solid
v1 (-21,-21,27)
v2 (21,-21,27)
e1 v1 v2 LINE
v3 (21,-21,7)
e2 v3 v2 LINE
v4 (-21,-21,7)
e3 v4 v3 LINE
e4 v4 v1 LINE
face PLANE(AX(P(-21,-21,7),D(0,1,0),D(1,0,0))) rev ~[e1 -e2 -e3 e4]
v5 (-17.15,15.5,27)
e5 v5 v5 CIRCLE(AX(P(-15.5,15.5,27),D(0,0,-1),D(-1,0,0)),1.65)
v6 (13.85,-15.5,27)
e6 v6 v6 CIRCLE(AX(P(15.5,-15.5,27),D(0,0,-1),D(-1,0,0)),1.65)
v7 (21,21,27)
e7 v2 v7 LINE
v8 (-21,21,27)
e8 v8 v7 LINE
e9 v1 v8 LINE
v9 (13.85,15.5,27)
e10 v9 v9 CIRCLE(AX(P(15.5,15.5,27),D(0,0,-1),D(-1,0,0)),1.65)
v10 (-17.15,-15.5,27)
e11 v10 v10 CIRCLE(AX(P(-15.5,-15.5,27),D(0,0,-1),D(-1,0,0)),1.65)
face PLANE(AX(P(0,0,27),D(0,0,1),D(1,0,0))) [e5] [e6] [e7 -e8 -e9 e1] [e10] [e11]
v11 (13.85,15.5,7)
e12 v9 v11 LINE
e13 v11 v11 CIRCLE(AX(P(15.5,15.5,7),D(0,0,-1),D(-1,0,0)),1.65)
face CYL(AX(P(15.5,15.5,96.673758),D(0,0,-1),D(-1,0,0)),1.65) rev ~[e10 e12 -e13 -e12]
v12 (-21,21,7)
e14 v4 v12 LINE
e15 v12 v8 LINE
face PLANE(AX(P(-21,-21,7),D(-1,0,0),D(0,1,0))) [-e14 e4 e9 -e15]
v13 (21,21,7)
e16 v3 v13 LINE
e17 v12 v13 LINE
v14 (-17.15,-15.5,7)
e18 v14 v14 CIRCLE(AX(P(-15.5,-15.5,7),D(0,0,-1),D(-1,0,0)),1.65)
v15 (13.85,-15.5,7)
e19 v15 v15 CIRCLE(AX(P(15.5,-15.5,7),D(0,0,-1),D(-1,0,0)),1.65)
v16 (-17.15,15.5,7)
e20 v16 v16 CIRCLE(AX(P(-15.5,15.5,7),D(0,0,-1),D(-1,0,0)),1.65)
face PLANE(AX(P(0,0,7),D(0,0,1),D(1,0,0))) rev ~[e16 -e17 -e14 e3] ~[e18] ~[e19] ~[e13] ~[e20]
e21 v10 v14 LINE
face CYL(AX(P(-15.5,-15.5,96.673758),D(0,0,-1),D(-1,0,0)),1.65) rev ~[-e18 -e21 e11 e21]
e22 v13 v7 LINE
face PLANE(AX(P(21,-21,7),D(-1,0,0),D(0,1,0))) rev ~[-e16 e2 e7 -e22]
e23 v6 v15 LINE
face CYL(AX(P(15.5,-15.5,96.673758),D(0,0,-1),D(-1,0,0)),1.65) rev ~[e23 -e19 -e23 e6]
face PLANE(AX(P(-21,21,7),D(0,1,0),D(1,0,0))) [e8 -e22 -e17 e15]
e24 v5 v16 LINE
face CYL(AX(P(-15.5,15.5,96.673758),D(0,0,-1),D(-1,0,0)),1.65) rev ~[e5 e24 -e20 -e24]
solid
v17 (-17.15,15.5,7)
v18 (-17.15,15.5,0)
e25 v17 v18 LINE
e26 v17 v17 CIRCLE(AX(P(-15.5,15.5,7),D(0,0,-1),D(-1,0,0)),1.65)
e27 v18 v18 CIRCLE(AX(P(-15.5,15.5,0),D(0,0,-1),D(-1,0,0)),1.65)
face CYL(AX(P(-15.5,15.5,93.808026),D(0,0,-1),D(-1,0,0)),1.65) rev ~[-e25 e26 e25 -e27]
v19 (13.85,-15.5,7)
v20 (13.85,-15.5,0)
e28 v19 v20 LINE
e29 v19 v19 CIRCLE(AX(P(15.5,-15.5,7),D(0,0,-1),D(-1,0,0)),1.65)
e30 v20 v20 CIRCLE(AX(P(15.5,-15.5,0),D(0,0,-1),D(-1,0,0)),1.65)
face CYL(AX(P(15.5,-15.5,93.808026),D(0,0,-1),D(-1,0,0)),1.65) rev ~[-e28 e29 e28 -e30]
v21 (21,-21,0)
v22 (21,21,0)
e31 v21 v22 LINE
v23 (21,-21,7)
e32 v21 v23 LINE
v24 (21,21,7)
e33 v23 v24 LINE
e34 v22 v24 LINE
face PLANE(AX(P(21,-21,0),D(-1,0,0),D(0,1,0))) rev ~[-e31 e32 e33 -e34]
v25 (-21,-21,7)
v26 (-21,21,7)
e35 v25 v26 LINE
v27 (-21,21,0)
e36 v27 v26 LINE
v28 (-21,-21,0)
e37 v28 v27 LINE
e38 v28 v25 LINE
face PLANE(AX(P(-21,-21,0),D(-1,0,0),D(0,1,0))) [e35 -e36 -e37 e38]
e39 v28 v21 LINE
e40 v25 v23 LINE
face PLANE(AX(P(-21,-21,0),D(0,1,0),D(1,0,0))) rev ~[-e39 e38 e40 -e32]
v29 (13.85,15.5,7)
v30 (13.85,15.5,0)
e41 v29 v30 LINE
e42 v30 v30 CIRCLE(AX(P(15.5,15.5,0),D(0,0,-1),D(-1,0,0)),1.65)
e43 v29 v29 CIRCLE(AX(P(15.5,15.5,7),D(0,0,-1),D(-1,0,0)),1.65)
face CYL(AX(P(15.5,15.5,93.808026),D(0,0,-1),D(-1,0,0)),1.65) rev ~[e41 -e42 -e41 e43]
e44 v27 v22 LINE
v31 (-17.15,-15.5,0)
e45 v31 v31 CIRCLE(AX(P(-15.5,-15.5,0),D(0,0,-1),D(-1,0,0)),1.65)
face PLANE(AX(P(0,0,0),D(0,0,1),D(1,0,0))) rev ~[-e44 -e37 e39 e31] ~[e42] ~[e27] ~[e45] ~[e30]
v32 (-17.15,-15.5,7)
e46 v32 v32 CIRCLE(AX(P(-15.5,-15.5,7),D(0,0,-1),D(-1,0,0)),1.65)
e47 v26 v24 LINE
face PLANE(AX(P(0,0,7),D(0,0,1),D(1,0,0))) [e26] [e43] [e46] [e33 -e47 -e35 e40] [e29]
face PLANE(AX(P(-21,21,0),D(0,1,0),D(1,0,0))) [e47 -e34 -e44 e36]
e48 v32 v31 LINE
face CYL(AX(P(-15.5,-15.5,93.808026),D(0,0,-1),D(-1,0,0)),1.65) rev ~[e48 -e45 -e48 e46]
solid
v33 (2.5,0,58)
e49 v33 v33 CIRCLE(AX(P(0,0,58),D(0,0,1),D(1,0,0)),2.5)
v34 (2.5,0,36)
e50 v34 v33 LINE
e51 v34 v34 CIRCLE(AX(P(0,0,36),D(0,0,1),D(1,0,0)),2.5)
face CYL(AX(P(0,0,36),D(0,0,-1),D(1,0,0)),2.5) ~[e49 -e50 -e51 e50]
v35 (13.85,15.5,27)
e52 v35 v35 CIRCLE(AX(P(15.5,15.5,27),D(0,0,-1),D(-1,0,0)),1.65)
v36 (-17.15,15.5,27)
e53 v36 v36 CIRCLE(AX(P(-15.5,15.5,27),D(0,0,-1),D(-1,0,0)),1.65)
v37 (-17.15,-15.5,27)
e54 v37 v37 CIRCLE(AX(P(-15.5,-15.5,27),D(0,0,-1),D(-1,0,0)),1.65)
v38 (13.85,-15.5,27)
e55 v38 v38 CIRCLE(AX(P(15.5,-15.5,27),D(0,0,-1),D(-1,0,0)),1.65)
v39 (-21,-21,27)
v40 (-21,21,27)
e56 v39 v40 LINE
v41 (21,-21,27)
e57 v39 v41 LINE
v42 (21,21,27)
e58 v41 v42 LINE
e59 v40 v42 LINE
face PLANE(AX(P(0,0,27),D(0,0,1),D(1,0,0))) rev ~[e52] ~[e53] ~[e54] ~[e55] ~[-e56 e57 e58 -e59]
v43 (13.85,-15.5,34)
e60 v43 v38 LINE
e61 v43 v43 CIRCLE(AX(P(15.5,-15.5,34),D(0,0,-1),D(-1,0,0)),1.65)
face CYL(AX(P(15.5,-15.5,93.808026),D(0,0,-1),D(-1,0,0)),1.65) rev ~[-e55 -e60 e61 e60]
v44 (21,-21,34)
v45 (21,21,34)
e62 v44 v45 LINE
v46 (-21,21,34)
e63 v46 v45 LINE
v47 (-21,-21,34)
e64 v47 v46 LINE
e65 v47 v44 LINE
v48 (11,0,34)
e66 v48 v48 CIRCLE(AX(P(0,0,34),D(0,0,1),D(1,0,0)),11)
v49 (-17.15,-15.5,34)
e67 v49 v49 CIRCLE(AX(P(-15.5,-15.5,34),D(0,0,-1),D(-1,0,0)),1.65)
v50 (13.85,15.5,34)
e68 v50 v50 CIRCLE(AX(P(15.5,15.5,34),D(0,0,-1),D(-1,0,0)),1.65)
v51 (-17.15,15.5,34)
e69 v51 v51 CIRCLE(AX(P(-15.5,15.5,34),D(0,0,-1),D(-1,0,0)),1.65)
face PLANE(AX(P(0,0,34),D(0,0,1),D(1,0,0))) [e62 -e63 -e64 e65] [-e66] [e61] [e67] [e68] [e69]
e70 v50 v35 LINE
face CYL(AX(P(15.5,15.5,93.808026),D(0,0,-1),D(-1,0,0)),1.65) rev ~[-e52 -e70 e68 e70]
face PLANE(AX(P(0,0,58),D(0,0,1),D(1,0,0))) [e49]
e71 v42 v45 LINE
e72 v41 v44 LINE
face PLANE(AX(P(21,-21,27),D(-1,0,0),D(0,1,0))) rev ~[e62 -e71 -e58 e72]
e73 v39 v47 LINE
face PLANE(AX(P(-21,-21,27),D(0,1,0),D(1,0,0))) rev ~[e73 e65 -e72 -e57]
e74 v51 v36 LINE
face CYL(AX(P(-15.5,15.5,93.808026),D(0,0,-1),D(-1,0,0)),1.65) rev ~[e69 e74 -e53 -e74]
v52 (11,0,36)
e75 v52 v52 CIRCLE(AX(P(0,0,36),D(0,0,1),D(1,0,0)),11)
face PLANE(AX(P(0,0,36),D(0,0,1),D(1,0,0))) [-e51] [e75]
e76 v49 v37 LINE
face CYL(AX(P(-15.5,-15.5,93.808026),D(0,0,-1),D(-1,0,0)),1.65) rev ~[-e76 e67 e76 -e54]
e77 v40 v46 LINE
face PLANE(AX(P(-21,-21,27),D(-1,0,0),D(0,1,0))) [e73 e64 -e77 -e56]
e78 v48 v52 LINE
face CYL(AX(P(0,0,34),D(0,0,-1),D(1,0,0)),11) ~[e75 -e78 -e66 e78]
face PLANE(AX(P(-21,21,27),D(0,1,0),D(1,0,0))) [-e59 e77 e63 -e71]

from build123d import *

# Parameters (mm, degrees)
F0_W     = 42
F0_H     = 42
F1_DEPTH = 7
F2_DEPTH = 20
F3_DEPTH = 7
F5_D     = 3.3
F5_2_D   = 3.3
F5_3_D   = 3.3
F6_R     = 11
F7_DEPTH = 2
F8_R     = 2.5
F9_DEPTH = 22


with BuildPart() as f1:
    # F0 (on Top) → F1 (new body)
    with BuildSketch(Plane.XY):
        Rectangle(F0_W, F0_H)
    extrude(amount=F1_DEPTH)


with BuildPart() as f2:
    # F2 (new): a face of the model
    f2_faces = [f1.part.faces().sort_by_distance(p)[0] for p in [
        (0, 0, 7),
    ]]
    extrude(f2_faces, amount=F2_DEPTH)


with BuildPart() as f3:
    # F3 (new): a face of the model
    f3_faces = [f2.part.faces().sort_by_distance(p)[0] for p in [
        (0, 0, 27),
    ]]
    extrude(f3_faces, amount=F3_DEPTH)

    # F5#3 (through all)
    with Locations(Plane.XY.offset(34)):
        with Locations((-15.5, 15.5), (15.5, 15.5), (-15.5, -15.5), (15.5, -15.5)):
            Hole(F5_3_D / 2)

    # F6 (on face) → F7 (join)
    with BuildSketch(Plane.XY.offset(34)):
        Circle(F6_R)
    extrude(amount=F7_DEPTH)

    # F8 (on face) → F9 (join)
    with BuildSketch(Plane.XY.offset(36)):
        Circle(F8_R)
    extrude(amount=F9_DEPTH)


with BuildPart() as f1_1:
    add(f1.part)

    # F5 (through all)
    with Locations(Plane.XY.offset(34)):
        with Locations((-15.5, 15.5), (15.5, 15.5), (-15.5, -15.5), (15.5, -15.5)):
            Hole(F5_D / 2)


with BuildPart() as f2_1:
    add(f2.part)

    # F5#2 (through all)
    with Locations(Plane.XY.offset(34)):
        with Locations((-15.5, 15.5), (15.5, 15.5), (-15.5, -15.5), (15.5, -15.5)):
            Hole(F5_2_D / 2)


solid = Compound([f3.part, f1_1.part, f2_1.part])
